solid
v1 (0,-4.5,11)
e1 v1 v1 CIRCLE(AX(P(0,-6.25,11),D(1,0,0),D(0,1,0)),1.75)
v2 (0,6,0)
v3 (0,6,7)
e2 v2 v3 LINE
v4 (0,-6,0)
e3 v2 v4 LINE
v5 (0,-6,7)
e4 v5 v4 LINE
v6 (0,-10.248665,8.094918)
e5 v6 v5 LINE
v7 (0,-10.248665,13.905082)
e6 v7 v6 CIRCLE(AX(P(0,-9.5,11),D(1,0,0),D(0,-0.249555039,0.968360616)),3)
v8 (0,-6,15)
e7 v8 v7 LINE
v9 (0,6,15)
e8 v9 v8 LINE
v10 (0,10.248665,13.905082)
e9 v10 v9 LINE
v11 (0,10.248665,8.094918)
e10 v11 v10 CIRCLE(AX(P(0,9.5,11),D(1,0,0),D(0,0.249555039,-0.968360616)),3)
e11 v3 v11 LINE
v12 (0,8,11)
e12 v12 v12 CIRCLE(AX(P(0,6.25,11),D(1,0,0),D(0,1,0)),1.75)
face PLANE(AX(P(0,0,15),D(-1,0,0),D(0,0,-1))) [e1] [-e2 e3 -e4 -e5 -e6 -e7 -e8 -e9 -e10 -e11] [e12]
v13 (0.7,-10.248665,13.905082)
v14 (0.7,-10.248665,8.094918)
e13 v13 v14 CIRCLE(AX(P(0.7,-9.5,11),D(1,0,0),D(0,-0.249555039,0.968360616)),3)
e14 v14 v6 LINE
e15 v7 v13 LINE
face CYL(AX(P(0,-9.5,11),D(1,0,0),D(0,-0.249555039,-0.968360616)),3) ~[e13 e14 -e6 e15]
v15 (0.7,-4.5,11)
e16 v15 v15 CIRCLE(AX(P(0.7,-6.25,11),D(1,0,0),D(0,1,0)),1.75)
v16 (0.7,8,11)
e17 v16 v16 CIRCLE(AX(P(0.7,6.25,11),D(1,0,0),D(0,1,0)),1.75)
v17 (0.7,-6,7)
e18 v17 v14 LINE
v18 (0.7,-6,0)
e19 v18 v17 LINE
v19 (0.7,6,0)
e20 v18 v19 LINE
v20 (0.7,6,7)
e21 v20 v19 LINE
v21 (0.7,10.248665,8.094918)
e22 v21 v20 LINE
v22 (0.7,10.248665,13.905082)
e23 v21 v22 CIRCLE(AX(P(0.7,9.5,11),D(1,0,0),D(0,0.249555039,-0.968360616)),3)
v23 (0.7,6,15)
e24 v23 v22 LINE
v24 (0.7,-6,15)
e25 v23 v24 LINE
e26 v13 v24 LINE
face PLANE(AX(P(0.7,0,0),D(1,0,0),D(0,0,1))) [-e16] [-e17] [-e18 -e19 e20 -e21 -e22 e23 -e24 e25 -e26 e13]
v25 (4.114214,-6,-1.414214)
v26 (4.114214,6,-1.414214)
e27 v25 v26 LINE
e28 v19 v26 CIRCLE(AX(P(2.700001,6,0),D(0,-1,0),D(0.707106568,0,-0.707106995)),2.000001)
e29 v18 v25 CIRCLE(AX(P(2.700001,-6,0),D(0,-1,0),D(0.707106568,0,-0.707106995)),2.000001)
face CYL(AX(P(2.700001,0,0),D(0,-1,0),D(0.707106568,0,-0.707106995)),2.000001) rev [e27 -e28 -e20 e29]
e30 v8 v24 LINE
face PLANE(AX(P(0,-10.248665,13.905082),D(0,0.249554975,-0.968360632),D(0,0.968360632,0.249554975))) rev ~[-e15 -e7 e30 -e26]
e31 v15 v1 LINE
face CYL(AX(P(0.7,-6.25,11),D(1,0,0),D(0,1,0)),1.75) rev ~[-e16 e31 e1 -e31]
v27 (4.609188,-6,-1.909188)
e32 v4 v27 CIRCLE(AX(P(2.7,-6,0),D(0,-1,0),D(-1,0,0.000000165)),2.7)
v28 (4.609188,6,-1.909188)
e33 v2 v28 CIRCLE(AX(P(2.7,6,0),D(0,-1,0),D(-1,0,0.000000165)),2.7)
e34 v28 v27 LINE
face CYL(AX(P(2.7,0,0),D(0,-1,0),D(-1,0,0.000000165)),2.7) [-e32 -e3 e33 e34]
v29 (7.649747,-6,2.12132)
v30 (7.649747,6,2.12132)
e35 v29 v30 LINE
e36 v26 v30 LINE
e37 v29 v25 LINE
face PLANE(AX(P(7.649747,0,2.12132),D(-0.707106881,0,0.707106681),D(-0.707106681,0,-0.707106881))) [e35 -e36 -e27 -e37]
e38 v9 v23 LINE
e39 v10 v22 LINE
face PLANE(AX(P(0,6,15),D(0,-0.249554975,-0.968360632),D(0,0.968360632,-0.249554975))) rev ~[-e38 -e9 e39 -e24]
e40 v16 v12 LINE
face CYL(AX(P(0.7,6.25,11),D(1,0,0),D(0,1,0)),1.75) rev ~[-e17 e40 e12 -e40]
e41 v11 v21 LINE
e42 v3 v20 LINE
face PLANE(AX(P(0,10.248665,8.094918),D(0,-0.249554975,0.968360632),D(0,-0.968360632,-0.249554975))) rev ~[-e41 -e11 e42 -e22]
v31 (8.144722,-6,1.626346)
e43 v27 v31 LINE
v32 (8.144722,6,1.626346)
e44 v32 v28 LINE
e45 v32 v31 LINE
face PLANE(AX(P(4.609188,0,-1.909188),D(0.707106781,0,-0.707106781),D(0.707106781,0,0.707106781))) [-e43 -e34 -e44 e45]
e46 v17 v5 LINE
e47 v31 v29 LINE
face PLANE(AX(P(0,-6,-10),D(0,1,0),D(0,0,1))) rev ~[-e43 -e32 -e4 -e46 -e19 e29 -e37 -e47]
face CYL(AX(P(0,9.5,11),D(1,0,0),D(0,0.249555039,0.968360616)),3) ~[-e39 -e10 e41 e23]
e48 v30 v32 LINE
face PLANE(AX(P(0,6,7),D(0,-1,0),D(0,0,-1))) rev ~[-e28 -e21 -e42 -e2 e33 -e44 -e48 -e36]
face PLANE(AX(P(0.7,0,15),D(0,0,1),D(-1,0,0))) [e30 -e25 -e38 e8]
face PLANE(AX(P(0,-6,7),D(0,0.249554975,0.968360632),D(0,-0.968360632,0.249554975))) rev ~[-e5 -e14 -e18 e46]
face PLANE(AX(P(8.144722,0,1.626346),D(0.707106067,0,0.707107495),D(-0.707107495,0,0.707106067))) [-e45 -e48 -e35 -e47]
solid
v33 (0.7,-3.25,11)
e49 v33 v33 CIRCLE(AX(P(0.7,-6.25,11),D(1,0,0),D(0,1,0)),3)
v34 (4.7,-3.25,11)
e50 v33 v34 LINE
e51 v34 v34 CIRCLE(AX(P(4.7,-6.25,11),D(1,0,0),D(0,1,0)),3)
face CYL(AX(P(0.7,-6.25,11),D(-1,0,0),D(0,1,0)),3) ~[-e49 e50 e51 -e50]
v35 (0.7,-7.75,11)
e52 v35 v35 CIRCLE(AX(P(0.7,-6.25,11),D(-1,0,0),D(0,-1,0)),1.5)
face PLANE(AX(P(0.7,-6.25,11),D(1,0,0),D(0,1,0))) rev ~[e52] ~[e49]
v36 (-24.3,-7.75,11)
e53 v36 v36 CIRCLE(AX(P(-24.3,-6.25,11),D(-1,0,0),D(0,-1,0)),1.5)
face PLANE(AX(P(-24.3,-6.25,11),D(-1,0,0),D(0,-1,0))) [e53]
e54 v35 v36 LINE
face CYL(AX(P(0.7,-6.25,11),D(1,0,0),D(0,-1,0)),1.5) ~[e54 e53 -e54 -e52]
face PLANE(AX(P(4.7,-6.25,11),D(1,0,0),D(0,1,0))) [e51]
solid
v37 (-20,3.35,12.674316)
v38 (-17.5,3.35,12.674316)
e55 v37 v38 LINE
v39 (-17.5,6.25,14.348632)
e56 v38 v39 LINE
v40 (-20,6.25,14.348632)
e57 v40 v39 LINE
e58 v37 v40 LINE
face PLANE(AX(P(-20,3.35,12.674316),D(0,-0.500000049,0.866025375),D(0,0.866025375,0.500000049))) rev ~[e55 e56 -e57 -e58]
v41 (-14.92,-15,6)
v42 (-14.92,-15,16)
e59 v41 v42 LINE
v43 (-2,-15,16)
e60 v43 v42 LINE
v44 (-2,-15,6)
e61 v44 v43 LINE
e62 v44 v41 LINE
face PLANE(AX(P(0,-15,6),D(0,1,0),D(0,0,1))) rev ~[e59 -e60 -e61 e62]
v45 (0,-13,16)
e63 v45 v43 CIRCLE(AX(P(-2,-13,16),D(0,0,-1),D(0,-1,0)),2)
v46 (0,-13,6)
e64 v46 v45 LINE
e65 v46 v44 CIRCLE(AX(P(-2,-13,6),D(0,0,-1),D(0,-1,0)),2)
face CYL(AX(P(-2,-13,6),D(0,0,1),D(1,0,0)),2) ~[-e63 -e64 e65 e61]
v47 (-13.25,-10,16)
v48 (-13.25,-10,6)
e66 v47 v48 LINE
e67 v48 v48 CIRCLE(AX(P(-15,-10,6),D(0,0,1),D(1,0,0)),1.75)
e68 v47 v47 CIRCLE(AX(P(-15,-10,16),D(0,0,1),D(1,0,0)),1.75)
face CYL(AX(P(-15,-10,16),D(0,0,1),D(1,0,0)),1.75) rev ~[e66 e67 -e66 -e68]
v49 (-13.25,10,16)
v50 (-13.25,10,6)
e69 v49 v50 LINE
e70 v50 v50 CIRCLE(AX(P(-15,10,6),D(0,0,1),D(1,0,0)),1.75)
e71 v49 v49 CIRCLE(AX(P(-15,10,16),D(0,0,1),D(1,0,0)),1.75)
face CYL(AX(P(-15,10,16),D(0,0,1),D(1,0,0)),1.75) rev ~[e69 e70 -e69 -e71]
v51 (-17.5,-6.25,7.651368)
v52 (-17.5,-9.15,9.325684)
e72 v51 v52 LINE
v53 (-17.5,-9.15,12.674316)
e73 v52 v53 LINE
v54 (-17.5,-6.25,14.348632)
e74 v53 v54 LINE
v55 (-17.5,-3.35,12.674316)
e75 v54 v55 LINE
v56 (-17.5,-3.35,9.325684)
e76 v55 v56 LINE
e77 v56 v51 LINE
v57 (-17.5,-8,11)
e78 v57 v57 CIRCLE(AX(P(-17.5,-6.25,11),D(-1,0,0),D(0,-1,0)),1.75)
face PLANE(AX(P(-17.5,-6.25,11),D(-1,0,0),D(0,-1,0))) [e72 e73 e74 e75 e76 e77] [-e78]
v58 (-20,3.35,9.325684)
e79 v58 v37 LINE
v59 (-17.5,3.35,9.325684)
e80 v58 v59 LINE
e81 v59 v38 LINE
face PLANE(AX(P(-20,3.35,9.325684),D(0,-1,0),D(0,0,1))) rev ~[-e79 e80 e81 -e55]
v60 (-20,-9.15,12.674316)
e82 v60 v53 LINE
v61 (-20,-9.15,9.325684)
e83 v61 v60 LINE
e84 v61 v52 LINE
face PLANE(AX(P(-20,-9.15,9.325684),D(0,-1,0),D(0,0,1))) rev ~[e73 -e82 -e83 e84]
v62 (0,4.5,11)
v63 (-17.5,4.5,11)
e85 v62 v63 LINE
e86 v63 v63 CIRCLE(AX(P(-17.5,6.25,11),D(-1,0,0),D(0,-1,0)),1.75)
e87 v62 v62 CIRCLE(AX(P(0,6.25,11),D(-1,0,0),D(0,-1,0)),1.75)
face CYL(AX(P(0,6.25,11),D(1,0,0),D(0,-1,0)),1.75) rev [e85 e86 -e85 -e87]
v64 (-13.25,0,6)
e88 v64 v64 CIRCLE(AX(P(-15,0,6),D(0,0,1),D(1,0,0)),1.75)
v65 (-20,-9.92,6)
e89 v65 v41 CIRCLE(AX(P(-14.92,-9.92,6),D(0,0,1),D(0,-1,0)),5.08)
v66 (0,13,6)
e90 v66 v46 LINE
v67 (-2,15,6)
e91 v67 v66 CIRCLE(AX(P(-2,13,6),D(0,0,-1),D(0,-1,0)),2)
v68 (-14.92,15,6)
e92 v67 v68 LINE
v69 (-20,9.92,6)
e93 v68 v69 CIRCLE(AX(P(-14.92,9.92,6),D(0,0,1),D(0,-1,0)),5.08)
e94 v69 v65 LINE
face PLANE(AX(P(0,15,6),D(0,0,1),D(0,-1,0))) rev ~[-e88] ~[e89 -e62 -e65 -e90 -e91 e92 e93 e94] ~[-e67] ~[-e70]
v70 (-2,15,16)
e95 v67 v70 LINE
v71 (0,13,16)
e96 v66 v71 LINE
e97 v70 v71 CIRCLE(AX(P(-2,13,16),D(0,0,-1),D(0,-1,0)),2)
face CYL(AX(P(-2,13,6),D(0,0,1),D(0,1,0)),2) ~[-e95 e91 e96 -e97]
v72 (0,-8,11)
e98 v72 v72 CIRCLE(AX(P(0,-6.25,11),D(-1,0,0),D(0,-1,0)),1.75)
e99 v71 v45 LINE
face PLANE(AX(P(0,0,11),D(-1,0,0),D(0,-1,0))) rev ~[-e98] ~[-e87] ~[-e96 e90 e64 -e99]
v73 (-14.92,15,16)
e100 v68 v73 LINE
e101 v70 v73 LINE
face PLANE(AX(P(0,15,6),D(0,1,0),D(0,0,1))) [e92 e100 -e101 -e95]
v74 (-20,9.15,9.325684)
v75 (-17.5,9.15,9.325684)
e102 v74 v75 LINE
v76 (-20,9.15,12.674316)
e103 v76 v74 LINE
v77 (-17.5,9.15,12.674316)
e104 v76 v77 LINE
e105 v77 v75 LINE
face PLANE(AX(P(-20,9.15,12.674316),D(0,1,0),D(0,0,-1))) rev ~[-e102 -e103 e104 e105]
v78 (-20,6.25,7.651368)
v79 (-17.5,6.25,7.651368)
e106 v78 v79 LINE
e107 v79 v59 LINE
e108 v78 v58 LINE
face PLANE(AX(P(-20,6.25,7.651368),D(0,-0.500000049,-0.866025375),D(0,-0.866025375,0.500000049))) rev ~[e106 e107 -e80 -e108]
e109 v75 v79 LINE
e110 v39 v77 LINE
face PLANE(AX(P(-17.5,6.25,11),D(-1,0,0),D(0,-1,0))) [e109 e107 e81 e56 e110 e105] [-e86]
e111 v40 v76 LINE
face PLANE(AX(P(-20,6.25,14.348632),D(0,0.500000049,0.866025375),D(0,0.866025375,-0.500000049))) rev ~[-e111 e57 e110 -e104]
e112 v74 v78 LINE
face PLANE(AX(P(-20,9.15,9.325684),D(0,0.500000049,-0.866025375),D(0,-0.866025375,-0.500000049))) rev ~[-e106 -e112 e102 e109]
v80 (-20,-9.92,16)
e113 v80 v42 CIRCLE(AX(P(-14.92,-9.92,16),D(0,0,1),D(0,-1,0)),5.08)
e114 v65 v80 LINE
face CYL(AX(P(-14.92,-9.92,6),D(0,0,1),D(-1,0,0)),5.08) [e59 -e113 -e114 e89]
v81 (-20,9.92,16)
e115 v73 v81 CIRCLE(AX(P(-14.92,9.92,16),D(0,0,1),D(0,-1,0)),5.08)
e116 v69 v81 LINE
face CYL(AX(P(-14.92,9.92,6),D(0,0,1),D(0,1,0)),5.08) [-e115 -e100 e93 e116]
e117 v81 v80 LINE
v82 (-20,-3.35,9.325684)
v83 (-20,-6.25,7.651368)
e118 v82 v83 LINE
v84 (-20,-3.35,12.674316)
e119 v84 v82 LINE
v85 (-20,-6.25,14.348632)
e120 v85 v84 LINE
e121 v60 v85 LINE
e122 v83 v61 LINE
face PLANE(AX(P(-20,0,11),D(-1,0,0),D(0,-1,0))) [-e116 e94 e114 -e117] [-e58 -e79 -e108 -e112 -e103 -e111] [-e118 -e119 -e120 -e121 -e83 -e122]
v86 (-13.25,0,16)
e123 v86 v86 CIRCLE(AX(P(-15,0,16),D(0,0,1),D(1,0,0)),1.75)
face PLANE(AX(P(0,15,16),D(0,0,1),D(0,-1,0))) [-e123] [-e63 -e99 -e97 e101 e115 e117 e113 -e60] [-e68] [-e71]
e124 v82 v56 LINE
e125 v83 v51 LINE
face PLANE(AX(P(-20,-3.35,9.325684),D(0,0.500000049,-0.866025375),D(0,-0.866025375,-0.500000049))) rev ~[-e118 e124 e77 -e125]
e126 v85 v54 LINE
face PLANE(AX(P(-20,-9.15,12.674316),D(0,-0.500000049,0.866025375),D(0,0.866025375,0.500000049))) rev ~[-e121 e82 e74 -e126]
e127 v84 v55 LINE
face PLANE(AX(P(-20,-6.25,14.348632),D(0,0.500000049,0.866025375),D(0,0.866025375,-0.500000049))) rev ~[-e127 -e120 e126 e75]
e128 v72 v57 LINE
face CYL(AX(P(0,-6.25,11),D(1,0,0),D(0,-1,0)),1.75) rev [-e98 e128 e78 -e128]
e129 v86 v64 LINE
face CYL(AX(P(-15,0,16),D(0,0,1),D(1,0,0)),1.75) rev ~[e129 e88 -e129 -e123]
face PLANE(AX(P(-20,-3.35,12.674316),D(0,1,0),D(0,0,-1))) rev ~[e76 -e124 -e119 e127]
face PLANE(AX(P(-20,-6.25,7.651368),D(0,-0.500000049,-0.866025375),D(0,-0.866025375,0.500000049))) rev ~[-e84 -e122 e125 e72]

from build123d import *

# Parameters (mm, degrees)
F1_DEPTH  = 12.5
F3_DEPTH  = 50
F4_R      = 1.75
F5_DEPTH  = 0.701
F6_R      = 3
F6_R_2    = 1.75
F7_DEPTH  = 4
F8_R      = 1.5
F9_DEPTH  = 25
F10_W     = 30
F10_H     = 10
F10_R     = 1.75
F11_DEPTH = 20
F12_R     = 16.267229
F13_DEPTH = 15
F15_R     = 1.75
F16_DEPTH = 2.5
F17_R     = 1.75
F18_DEPTH = 18.701
F19_R     = 2
F20_R     = 5.08


with BuildPart() as f1:
    # F0 (on Front) → F1 (new body, symmetric)
    with BuildSketch(Plane.XZ):
        with BuildLine():
            Line((0.7, 0), (0.7, 15))
            Line((0.7, 15), (0, 15))
            Line((0, 15), (0, 0))
            ThreePointArc((0, 0), (1.666755, -2.494475), (4.609188, -1.909188))
            Line((4.609188, -1.909188), (8.144722, 1.626346))
            Line((8.144722, 1.626346), (7.649747, 2.12132))
            Line((7.649747, 2.12132), (4.114214, -1.414214))
            ThreePointArc((4.114214, -1.414214), (1.934633, -1.847759), (0.7, 0))
        make_face()
    extrude(amount=F1_DEPTH, both=True)

    # F2 (on Right) → F3 (cut, symmetric)
    with BuildSketch(Plane.YZ):
        with BuildLine():
            ThreePointArc((-10.248665, 8.094918), (-12.5, 11), (-10.248665, 13.905082))
            Line((-10.248665, 13.905082), (-6, 15))
            Line((-6, 15), (6, 15))
            Line((6, 15), (10.248665, 13.905082))
            ThreePointArc((10.248665, 13.905082), (12.5, 11), (10.248665, 8.094918))
            Line((10.248665, 8.094918), (6, 7))
            Line((6, 7), (6, -10))
            Line((6, -10), (17.5, -10))
            Line((17.5, -10), (17.5, 20))
            Line((17.5, 20), (-17.5, 20))
            Line((-17.5, 20), (-17.5, -10))
            Line((-17.5, -10), (-6, -10))
            Line((-6, -10), (-6, 7))
            Line((-6, 7), (-10.248665, 8.094918))
        make_face()
    extrude(amount=F3_DEPTH, both=True, mode=Mode.SUBTRACT)

    # F4 (on face) → F5 (cut, through all)
    with BuildSketch(Plane.YZ.offset(0.7)):
        with Locations((-6.25, 11)):
            Circle(F4_R)
        with Locations((6.25, 11)):
            Circle(F4_R)
    extrude(amount=-F5_DEPTH, mode=Mode.SUBTRACT)


with BuildPart() as f7:
    # F6 (on face) → F7 (new body)
    with BuildSketch(Plane.YZ.offset(0.7)):
        with Locations((-6.25, 11)):
            Circle(F6_R)
        with Locations((-6.25, 11)):
            Circle(F6_R_2, mode=Mode.SUBTRACT)
        with Locations((-6.25, 11)):
            Circle(F6_R_2)
    extrude(amount=F7_DEPTH)

    # F8 (on face) → F9 (join)
    with BuildSketch(Plane(origin=(0.7, 0, 0), x_dir=(0, -1, 0), z_dir=(-1, 0, 0))):
        with Locations((6.25, 11)):
            Circle(F8_R)
    extrude(amount=F9_DEPTH)


with BuildPart() as f11:
    # F10 (on face) → F11 (new body)
    with BuildSketch(Plane(origin=(0, 0, 0), x_dir=(0, -1, 0), z_dir=(-1, 0, 0))):
        with Locations((0, 11)):
            Rectangle(F10_W, F10_H)
        with Locations((-6.25, 11)):
            Circle(F10_R, mode=Mode.SUBTRACT)
        with Locations((6.25, 11)):
            Circle(F10_R, mode=Mode.SUBTRACT)
    extrude(amount=F11_DEPTH)

    # F15 (on face) → F16 (cut)
    with BuildSketch(Plane(origin=(-20, 0, 0), x_dir=(0, -1, 0), z_dir=(-1, 0, 0))):
        Polygon((-3.35, 12.674316), (-6.25, 14.348632), (-9.15, 12.674316), (-9.15, 9.325684), (-6.25, 7.651368), (-3.35, 9.325684), align=None)
        with Locations((-6.25, 11)):
            Circle(F15_R, mode=Mode.SUBTRACT)
        Polygon((6.25, 14.348632), (3.35, 12.674316), (3.35, 9.325684), (6.25, 7.651368), (9.15, 9.325684), (9.15, 12.674316), align=None)
        with Locations((6.25, 11)):
            Circle(F15_R, mode=Mode.SUBTRACT)
    extrude(amount=-F16_DEPTH, mode=Mode.SUBTRACT)

    # F17 (on face) → F18 (cut, through all)
    with BuildSketch(Plane.XY.offset(16)):
        with Locations((-15, 10)):
            Circle(F17_R)
        with Locations((-15, 0)):
            Circle(F17_R)
        with Locations((-15, -10)):
            Circle(F17_R)
    extrude(amount=-F18_DEPTH, mode=Mode.SUBTRACT)

    # F19
    f19_edges = [f11.edges().sort_by_distance(p)[0] for p in [
        (0, 15, 11),
        (0, -15, 11),
    ]]
    fillet(f19_edges, radius=F19_R)

    # F20
    f20_edges = [f11.edges().sort_by_distance(p)[0] for p in [
        (-20, -15, 11),
        (-20, 15, 11),
    ]]
    fillet(f20_edges, radius=F20_R)


with BuildPart() as f13:
    # F12 (on Top) → F13 (new body)
    with BuildSketch(Plane.XY):
        with Locations((-53.400151, -32.228447)):
            Circle(F12_R)
    extrude(amount=F13_DEPTH)


solid = Compound([f1.part, f7.part, f11.part])
